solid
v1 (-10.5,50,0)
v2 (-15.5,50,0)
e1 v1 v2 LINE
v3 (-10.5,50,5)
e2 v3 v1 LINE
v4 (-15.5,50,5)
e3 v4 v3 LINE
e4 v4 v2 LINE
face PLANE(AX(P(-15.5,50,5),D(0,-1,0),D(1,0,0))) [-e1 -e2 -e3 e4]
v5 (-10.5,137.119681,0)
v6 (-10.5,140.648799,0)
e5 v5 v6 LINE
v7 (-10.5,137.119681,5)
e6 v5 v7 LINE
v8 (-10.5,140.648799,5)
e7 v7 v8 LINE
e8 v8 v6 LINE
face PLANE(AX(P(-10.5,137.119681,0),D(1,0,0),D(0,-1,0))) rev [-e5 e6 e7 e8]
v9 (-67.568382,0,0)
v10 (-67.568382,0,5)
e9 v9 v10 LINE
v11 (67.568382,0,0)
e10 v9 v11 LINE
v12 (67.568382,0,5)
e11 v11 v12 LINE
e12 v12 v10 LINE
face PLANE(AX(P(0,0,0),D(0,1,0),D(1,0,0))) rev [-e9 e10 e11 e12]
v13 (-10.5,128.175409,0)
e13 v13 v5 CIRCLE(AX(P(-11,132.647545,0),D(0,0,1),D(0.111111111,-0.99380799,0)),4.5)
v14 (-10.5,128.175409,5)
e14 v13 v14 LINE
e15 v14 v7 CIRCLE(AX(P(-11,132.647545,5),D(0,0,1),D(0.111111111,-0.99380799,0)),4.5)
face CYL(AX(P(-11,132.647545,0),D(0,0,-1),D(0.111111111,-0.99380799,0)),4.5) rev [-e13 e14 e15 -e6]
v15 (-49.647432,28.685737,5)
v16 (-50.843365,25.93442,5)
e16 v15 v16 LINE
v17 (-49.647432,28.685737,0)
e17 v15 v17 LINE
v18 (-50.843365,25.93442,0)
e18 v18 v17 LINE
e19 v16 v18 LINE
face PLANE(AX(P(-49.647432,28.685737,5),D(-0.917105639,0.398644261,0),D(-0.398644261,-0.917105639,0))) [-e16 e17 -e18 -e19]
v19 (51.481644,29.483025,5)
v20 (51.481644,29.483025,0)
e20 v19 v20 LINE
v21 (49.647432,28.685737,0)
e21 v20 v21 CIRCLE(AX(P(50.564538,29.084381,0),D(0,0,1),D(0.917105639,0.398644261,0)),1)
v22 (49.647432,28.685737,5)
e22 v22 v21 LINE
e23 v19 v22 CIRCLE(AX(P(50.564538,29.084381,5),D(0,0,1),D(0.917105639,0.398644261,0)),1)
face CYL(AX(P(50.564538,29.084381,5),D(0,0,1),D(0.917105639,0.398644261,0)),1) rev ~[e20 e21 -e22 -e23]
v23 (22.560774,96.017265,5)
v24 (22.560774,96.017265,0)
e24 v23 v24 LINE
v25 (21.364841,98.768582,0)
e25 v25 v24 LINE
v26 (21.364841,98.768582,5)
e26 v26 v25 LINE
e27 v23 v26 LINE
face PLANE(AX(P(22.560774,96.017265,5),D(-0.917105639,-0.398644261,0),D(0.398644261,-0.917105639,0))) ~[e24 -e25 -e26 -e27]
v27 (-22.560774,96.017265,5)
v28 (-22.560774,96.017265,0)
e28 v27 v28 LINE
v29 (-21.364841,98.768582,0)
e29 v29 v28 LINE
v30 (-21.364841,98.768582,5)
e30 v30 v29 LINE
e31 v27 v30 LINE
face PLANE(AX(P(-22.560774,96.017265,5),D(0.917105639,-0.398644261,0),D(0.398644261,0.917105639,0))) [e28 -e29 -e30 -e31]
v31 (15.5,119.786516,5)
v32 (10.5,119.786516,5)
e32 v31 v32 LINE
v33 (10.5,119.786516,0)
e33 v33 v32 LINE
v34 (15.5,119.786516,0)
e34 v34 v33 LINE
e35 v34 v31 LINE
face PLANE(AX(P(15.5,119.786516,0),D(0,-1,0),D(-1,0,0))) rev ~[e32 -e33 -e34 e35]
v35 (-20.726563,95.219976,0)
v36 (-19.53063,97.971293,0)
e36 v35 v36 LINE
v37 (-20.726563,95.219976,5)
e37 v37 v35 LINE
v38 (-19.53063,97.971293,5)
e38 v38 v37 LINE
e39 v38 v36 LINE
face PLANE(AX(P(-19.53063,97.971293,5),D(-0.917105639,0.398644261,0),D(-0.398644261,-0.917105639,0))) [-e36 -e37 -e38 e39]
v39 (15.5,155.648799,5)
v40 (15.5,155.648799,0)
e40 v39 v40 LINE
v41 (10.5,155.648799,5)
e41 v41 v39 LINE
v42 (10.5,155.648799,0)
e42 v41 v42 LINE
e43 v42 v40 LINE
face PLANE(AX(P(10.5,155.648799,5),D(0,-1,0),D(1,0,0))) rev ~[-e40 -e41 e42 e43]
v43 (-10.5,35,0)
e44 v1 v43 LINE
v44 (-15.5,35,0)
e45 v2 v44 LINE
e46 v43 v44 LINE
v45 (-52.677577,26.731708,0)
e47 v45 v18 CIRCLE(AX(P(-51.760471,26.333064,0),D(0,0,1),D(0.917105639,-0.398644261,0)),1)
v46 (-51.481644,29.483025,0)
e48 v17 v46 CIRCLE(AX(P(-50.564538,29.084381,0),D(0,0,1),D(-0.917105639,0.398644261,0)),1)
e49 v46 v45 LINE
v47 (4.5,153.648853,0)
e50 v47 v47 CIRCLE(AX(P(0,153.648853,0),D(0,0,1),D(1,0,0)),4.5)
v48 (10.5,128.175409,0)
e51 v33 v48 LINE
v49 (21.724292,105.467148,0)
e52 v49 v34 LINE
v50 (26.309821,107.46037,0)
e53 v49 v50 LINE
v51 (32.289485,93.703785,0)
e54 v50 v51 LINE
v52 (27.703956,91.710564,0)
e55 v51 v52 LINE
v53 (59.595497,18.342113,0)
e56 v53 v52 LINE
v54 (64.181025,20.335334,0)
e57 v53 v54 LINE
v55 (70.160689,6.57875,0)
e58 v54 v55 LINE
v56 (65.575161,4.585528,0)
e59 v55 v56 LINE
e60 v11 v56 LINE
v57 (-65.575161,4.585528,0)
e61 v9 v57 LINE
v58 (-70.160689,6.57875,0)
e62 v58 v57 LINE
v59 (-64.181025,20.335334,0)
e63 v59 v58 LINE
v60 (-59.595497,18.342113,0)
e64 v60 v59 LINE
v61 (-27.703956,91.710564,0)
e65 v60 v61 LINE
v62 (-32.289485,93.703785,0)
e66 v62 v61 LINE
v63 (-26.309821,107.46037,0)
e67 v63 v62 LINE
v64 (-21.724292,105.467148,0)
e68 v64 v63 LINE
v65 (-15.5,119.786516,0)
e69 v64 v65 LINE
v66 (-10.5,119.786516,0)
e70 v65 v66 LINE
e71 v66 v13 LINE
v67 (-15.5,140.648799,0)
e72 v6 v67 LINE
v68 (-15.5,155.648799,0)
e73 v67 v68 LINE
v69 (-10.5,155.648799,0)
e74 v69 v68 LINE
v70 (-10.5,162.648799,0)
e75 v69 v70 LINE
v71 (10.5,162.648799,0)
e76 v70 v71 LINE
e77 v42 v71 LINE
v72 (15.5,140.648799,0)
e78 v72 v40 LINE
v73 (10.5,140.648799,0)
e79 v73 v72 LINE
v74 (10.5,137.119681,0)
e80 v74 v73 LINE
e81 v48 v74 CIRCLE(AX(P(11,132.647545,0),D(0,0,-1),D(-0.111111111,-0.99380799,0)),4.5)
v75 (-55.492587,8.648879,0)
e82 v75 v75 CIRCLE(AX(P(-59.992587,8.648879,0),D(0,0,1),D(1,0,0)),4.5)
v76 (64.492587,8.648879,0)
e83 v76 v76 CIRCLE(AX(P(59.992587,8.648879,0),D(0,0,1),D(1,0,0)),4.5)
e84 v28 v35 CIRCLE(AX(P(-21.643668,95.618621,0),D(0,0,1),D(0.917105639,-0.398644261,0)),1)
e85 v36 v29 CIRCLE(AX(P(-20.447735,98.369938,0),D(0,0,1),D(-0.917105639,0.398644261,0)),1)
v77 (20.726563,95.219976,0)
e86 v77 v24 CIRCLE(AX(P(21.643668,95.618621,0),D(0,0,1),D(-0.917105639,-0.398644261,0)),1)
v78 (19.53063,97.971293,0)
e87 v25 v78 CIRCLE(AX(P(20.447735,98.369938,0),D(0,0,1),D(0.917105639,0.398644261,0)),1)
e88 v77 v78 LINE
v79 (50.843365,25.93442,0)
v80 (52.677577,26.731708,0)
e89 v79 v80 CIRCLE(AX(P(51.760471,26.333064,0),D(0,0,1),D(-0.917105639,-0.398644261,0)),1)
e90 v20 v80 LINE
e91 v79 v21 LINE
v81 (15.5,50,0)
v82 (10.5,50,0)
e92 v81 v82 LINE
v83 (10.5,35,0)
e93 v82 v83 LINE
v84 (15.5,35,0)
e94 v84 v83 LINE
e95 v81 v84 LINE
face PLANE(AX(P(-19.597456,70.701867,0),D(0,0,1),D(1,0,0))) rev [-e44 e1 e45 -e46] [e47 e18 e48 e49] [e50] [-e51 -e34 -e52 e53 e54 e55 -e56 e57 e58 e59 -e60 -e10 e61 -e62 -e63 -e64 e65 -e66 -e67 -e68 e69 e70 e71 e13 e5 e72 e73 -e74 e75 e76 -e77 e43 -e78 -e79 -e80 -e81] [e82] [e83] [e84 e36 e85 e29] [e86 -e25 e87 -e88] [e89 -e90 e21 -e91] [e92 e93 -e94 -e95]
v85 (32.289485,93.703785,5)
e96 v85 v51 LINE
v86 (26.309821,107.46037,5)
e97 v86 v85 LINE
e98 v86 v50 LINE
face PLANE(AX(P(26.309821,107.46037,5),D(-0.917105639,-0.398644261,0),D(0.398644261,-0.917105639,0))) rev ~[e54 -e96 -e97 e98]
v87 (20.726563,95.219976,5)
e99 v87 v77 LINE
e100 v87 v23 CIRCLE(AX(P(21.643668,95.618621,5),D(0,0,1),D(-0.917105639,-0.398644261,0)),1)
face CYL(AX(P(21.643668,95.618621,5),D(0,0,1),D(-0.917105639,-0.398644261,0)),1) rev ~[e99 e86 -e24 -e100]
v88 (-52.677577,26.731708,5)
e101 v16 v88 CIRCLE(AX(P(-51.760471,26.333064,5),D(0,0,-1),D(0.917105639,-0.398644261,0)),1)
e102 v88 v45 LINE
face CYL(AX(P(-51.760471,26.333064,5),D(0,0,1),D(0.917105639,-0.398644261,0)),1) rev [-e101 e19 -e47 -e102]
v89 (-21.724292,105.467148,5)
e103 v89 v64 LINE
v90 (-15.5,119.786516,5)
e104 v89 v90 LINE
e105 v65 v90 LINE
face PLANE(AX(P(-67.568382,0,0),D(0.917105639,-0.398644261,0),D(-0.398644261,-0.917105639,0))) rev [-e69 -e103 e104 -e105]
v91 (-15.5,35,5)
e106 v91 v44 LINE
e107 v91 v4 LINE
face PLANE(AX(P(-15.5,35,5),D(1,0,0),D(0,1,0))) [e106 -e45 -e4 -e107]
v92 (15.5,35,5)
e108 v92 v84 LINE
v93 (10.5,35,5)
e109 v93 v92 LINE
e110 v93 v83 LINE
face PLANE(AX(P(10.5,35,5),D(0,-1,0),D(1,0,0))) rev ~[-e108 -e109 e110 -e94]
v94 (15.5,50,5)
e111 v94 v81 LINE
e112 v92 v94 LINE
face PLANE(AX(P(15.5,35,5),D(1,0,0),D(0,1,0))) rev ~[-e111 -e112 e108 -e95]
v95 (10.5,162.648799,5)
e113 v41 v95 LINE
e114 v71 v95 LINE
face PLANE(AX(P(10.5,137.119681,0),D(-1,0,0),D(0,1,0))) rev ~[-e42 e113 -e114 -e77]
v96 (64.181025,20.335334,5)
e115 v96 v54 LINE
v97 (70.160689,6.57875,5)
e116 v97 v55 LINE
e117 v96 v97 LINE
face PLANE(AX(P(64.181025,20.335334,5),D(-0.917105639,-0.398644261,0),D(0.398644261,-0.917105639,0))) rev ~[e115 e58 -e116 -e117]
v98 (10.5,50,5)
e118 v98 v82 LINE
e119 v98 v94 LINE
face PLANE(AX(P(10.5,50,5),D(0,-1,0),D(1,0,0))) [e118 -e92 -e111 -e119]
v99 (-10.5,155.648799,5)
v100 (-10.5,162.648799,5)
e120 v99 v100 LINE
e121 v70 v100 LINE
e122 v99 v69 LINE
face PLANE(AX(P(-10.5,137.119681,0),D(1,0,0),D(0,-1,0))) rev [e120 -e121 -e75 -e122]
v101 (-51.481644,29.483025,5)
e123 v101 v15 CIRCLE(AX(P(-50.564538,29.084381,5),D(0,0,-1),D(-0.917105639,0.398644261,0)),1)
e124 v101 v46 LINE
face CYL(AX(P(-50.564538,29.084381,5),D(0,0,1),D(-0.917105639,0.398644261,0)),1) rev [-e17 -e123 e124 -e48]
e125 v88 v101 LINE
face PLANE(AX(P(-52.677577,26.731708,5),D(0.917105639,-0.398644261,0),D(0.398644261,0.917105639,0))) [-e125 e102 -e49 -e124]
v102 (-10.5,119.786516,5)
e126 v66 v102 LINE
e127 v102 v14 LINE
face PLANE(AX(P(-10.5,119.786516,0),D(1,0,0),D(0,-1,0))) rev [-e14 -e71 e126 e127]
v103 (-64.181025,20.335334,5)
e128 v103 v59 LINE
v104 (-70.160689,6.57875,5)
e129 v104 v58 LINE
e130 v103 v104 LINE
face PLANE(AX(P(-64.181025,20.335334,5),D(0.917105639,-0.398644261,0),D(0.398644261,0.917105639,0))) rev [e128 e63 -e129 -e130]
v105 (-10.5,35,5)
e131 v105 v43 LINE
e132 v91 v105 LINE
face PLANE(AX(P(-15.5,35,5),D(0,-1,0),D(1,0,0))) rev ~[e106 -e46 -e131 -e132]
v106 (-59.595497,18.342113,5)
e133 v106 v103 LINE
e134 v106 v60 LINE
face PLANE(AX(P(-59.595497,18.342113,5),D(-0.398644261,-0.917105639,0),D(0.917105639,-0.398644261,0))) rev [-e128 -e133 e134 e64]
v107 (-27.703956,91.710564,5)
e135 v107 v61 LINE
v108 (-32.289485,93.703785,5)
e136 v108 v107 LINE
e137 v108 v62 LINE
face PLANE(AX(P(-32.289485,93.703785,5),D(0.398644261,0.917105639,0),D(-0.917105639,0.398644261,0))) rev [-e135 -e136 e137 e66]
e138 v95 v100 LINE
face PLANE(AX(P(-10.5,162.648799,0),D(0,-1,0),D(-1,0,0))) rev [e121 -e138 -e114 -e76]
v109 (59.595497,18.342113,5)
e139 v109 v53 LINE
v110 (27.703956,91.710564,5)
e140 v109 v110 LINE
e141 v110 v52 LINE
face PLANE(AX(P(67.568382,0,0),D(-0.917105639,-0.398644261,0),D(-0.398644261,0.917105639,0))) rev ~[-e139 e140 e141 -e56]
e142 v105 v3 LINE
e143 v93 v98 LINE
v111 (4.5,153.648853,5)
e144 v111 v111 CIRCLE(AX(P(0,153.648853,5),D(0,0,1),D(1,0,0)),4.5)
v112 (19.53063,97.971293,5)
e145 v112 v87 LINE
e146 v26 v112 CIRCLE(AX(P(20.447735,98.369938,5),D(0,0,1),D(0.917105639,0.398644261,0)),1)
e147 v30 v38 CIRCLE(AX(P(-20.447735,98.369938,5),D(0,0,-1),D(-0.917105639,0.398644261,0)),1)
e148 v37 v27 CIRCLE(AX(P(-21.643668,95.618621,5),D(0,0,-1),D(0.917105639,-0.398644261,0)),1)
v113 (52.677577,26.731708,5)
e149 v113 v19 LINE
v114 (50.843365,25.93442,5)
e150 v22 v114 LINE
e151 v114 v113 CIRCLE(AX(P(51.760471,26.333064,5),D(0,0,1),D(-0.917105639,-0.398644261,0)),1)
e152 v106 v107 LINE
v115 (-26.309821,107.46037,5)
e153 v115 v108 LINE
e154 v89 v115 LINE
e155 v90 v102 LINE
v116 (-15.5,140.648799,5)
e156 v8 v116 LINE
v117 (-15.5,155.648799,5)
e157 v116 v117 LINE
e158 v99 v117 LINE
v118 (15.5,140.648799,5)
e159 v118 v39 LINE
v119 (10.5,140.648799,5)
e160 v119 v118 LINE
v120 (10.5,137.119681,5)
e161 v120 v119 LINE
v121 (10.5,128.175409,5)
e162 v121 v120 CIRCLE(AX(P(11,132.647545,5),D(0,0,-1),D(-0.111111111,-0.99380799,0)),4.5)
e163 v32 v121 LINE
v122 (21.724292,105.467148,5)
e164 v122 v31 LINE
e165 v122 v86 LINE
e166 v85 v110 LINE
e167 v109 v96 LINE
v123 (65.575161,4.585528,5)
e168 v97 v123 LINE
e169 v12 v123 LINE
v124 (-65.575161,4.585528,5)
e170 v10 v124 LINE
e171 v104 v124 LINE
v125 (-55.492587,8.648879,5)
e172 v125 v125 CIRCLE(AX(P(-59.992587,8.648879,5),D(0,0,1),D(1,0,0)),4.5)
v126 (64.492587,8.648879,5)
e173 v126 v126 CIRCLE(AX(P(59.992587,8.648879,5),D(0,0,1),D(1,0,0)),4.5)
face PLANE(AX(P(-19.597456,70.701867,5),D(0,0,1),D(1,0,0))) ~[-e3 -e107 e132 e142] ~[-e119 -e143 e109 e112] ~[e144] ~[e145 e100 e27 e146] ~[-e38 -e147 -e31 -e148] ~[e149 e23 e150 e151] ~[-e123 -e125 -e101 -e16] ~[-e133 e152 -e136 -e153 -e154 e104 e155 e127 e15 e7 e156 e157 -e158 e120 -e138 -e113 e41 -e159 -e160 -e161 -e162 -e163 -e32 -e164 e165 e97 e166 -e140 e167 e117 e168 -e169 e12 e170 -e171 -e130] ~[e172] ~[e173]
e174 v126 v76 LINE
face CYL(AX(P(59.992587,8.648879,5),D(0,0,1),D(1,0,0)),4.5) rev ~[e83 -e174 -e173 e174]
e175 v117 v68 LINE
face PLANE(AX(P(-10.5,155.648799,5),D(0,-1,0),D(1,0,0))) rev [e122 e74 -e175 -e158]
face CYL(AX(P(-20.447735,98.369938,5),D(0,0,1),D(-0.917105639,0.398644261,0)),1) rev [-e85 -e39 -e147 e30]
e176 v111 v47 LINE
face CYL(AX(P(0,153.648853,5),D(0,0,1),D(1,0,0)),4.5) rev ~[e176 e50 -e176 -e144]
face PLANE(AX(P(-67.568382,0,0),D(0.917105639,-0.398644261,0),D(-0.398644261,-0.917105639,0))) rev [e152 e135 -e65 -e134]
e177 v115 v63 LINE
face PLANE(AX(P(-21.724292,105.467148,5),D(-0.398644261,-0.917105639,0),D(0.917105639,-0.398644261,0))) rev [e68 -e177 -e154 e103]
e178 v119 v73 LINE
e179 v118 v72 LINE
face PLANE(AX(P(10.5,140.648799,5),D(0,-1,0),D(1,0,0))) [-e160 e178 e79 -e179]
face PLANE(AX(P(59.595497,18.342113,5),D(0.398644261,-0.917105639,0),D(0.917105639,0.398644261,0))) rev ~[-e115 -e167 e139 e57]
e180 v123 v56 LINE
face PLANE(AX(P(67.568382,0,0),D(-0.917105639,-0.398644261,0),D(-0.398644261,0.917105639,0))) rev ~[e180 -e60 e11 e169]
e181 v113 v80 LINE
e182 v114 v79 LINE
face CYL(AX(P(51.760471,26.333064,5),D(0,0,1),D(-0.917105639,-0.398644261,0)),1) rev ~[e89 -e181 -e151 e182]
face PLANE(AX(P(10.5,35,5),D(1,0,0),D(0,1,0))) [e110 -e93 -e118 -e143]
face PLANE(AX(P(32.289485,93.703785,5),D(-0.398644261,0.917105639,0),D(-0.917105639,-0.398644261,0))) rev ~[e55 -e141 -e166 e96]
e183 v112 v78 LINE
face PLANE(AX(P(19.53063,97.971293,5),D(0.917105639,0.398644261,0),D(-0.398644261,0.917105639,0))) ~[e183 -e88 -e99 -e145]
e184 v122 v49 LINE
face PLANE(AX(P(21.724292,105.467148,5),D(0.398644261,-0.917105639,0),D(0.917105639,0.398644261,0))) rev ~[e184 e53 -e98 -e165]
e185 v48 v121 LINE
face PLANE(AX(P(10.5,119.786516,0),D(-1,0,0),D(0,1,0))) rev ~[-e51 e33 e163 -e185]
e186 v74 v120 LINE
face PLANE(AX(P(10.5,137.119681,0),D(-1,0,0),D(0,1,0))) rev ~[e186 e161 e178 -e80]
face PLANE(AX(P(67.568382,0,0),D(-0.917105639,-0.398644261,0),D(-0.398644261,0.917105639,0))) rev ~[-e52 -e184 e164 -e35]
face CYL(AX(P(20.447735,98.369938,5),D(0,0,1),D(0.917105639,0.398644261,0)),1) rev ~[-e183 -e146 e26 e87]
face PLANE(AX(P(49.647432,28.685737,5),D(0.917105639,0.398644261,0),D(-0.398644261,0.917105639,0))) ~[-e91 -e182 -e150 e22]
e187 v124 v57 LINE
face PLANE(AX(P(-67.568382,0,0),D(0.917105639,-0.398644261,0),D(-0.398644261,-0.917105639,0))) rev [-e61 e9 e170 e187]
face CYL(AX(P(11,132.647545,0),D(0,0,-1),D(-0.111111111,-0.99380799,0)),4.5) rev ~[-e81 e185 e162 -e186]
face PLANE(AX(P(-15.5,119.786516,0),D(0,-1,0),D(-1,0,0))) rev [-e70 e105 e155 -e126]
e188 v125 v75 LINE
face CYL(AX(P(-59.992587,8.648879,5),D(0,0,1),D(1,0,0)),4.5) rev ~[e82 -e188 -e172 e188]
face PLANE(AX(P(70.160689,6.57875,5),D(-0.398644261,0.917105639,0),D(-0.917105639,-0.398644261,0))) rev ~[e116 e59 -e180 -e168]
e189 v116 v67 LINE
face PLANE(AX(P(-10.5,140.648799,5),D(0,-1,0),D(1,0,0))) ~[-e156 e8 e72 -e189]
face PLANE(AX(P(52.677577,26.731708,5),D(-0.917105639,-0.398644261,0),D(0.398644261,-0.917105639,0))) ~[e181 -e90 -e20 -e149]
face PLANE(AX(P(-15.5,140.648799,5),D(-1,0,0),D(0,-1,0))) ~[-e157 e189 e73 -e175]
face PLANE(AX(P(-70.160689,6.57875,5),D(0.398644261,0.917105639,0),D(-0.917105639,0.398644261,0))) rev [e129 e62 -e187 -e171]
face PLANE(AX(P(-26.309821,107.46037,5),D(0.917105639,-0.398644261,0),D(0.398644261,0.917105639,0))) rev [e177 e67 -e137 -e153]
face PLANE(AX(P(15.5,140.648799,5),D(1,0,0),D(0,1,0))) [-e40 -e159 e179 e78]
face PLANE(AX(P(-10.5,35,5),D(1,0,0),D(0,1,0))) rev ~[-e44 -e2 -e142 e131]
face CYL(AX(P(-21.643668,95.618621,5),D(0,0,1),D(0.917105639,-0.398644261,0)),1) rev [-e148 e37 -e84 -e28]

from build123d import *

# Parameters (mm, degrees)
BOSS_EXTRUDE1_DEPTH = 5
SKETCH3_W           = 5
SKETCH3_H           = 15
BOSS_EXTRUDE2_DEPTH = 5
SKETCH4_R           = 4.5
CUT_EXTRUDE1_DEPTH  = 178.20653008
SKETCH5_W           = 5
SKETCH5_H           = 15
CUT_EXTRUDE2_DEPTH  = 178.20653008
CUT_EXTRUDE3_DEPTH  = 178.20653008


with BuildPart() as part:
    # Sketch1 → Boss-Extrude1 (new body)
    with BuildSketch(Plane.XY):
        with BuildLine():
            Line((0, 0), (67.568382456, 0))
            Line((67.568382456, 0), (15.5, 119.786515986))
            Line((15.5, 119.786515986), (10.5, 119.786515986))
            Line((10.5, 119.786515986), (10.5, 128.17540896))
            ThreePointArc((10.5, 128.17540896), (6.5, 132.647544915), (10.5, 137.11968087))
            Line((10.5, 137.11968087), (10.5, 162.648799484))
            Line((10.5, 162.648799484), (0, 162.648799484))
            Line((0, 162.648799484), (0, 0))
        make_face()
    boss_extrude1 = extrude(amount=BOSS_EXTRUDE1_DEPTH)

    # Sketch3 → Boss-Extrude2 (add)
    with BuildSketch(Plane.XY.offset(5)):
        Polygon((65.57516115, 4.585528195), (59.595497232, 18.34211278), (64.181025427, 20.335334085), (70.160689345, 6.578749501), align=None)
        Polygon((27.703956339, 91.710563898), (21.724292422, 105.467148482), (26.309820617, 107.460369788), (32.289484534, 93.703785203), align=None)
        with Locations((13, 148.148799484)):
            Rectangle(SKETCH3_W, SKETCH3_H)
    boss_extrude2 = extrude(amount=-BOSS_EXTRUDE2_DEPTH)

    # Mirror1: Boss-Extrude1, Boss-Extrude2 across plane
    add(boss_extrude1.mirror(Plane(origin=(0, 162.648799484, 5), x_dir=(0, 0, 1), z_dir=(1, 0, 0))))
    add(boss_extrude2.mirror(Plane(origin=(0, 162.648799484, 5), x_dir=(0, 0, 1), z_dir=(1, 0, 0))))

    # Sketch4 → Cut-Extrude1 (cut, through all)
    with BuildSketch(Plane.XY.offset(5)):
        with Locations((0, 153.648852717)):
            Circle(SKETCH4_R)
        with Locations((-59.99258678, 8.648878597)):
            Circle(SKETCH4_R)
        with Locations((59.99258678, 8.648878597)):
            Circle(SKETCH4_R)
    extrude(amount=-CUT_EXTRUDE1_DEPTH, mode=Mode.SUBTRACT)

    # Sketch5 → Cut-Extrude2 (cut, through all)
    with BuildSketch(Plane.XY.offset(5)):
        with Locations((13, 42.5)):
            Rectangle(SKETCH5_W, SKETCH5_H)
        with Locations((-13, 42.5)):
            Rectangle(SKETCH5_W, SKETCH5_H)
    extrude(amount=-CUT_EXTRUDE2_DEPTH, mode=Mode.SUBTRACT)

    # Sketch6 → Cut-Extrude3 (cut, through all)
    with BuildSketch(Plane.XY.offset(5)):
        with BuildLine():
            Line((-52.677576554, 26.731708191), (-51.481643771, 29.483025108))
            ThreePointArc((-51.481643771, 29.483025108), (-50.16589387, 30.001486486), (-49.647432493, 28.685736586))
            Line((-49.647432493, 28.685736586), (-50.843365276, 25.934419669))
            ThreePointArc((-50.843365276, 25.934419669), (-52.159115176, 25.415958291), (-52.677576554, 26.731708191))
        make_face()
        with BuildLine():
            Line((-22.560773856, 96.017264948), (-21.364841072, 98.768581865))
            ThreePointArc((-21.364841072, 98.768581865), (-20.049091172, 99.287043243), (-19.530629794, 97.971293343))
            Line((-19.530629794, 97.971293343), (-20.726562578, 95.219976426))
            ThreePointArc((-20.726562578, 95.219976426), (-22.042312478, 94.701515048), (-22.560773856, 96.017264948))
        make_face()
    cut_extrude3 = extrude(amount=-CUT_EXTRUDE3_DEPTH, mode=Mode.SUBTRACT)

    # Mirror2: Cut-Extrude3 across plane
    add(cut_extrude3.mirror(Plane(origin=(0, 0, 0), x_dir=(0, 0, 1), z_dir=(1, 0, 0))), mode=Mode.SUBTRACT)


solid = part.part
